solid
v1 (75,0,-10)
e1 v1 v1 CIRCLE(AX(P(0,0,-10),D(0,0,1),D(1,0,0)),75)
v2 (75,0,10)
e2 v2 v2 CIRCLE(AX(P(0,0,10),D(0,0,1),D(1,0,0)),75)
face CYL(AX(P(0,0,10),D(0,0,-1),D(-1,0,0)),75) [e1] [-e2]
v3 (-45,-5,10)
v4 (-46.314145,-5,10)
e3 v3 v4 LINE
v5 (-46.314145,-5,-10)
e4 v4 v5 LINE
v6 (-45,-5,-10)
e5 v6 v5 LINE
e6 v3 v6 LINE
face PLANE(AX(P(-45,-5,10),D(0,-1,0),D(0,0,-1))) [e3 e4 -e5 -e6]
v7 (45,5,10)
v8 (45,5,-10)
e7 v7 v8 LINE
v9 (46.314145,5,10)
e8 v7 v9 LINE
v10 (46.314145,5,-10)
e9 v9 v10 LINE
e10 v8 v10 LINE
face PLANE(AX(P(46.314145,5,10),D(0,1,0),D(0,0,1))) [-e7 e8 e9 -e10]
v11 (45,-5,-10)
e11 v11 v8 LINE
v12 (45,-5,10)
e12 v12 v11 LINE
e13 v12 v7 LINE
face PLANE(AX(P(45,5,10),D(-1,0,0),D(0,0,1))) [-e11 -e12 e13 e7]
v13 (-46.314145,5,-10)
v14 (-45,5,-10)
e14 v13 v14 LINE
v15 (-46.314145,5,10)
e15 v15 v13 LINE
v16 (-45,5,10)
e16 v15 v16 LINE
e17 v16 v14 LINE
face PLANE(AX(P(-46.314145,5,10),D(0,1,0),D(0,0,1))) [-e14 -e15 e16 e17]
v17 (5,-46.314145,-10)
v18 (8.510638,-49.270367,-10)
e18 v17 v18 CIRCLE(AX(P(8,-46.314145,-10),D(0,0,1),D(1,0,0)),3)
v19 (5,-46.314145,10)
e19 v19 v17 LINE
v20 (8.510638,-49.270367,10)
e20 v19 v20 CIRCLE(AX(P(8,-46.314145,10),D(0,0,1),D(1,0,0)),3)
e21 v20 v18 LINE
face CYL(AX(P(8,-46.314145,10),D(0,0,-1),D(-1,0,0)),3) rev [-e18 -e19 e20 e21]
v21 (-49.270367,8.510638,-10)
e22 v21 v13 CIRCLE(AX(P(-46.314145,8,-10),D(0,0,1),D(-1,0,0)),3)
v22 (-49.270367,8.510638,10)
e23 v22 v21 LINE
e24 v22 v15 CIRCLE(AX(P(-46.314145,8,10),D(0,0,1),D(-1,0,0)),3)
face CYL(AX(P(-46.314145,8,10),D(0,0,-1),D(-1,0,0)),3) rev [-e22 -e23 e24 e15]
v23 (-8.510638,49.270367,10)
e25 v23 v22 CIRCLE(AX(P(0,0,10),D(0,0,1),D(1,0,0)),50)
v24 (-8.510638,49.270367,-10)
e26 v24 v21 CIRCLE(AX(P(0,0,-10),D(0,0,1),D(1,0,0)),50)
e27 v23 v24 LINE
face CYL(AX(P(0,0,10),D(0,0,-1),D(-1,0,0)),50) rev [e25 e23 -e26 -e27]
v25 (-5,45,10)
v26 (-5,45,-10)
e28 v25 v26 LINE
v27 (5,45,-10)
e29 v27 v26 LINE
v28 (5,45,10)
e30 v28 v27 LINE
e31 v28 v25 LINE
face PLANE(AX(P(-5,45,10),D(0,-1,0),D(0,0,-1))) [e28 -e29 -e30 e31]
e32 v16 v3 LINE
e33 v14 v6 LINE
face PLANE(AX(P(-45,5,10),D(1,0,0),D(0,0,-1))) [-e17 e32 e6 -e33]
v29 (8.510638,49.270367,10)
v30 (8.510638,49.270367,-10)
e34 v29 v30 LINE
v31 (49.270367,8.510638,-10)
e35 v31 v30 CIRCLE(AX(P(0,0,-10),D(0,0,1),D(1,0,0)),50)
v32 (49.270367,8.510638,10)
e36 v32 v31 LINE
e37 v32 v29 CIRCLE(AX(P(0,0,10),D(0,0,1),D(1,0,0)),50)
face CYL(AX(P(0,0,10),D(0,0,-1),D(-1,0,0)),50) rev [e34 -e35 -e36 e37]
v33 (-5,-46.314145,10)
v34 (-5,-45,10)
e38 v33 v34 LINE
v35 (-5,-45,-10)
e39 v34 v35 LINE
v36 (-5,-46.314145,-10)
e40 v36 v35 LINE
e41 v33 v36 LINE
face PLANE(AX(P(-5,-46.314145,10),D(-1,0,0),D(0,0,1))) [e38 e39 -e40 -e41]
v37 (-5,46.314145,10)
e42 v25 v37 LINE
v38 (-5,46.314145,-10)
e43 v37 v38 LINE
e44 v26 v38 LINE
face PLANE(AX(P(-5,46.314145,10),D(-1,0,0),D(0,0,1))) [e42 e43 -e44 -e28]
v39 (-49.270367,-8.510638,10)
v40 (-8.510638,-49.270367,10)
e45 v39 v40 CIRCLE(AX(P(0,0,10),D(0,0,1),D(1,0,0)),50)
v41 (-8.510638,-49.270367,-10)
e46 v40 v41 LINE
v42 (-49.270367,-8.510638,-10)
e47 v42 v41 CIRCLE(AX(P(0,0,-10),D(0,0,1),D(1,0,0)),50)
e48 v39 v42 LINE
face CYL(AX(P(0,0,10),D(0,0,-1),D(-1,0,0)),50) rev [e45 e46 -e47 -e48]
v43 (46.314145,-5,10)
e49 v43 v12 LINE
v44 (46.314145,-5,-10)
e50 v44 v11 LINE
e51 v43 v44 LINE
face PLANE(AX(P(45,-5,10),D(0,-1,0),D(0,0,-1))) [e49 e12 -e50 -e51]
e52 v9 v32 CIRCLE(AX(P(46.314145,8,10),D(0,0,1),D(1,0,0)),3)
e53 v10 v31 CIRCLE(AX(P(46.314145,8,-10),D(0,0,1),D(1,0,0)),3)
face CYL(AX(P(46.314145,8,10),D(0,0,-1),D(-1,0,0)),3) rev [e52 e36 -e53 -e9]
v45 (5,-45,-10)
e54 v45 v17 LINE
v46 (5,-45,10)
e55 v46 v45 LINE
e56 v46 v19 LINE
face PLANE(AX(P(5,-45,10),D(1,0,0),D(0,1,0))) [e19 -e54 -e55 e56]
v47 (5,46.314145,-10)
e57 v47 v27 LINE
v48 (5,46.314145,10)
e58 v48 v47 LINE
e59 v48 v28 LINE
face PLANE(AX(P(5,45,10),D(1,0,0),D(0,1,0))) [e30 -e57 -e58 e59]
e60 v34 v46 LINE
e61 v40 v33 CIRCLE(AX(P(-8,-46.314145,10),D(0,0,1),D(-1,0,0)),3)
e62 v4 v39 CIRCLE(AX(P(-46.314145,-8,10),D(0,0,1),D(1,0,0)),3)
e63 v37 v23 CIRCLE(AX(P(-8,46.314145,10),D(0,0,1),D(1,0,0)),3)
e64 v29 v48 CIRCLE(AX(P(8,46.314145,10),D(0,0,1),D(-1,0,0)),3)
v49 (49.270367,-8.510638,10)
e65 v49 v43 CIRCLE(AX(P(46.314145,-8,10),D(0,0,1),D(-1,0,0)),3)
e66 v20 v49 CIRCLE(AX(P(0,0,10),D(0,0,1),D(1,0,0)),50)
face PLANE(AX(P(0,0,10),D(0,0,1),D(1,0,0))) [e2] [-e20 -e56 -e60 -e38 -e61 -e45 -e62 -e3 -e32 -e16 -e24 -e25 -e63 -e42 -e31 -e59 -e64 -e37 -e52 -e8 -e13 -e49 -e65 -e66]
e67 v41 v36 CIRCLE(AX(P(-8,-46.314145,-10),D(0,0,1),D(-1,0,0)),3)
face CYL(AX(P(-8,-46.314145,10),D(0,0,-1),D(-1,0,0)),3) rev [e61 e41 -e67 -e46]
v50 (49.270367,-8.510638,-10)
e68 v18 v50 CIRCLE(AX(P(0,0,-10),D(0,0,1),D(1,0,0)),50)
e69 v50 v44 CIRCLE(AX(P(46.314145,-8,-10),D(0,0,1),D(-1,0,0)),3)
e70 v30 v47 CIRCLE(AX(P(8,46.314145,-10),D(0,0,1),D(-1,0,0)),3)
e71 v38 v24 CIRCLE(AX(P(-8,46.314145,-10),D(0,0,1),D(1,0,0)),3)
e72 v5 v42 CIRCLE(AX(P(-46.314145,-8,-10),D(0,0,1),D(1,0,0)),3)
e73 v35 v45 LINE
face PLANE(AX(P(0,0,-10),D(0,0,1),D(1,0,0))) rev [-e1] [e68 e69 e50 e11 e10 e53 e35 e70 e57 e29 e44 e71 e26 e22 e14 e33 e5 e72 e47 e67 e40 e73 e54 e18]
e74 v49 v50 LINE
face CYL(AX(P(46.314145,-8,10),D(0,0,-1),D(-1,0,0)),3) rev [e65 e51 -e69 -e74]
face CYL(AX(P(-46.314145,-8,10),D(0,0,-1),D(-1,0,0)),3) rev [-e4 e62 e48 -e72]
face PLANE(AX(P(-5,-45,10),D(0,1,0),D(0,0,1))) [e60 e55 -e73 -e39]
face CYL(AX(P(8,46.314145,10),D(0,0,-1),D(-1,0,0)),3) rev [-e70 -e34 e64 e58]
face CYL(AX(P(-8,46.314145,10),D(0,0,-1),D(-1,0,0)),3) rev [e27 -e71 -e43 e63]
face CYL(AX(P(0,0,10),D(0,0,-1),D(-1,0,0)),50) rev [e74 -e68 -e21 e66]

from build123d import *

# Parameters (mm, degrees)
SKETCH1_R           = 75
BOSS_EXTRUDE1_DEPTH = 10


with BuildPart() as part:
    # Sketch1 → Boss-Extrude1 (new, symmetric)
    with BuildSketch(Plane.XY):
        Circle(SKETCH1_R)
        with BuildLine():
            Line((-5, 46.314144708), (-5, 45))
            Line((-5, 45), (5, 45))
            Line((5, 45), (5, 46.314144708))
            ThreePointArc((5, 46.314144708), (6.067632914, 48.608912113), (8.510638298, 49.27036671))
            ThreePointArc((8.510638298, 49.27036671), (35.355339059, 35.355339059), (49.27036671, 8.510638298))
            ThreePointArc((49.27036671, 8.510638298), (48.608912113, 6.067632914), (46.314144708, 5))
            Line((46.314144708, 5), (45, 5))
            Line((45, 5), (45, -5))
            Line((45, -5), (46.314144708, -5))
            ThreePointArc((46.314144708, -5), (48.608912113, -6.067632914), (49.27036671, -8.510638298))
            ThreePointArc((49.27036671, -8.510638298), (35.355339059, -35.355339059), (8.510638298, -49.27036671))
            ThreePointArc((8.510638298, -49.27036671), (6.067632914, -48.608912113), (5, -46.314144708))
            Line((5, -46.314144708), (5, -45))
            Line((5, -45), (-5, -45))
            Line((-5, -45), (-5, -46.314144708))
            ThreePointArc((-5, -46.314144708), (-6.067632914, -48.608912113), (-8.510638298, -49.27036671))
            ThreePointArc((-8.510638298, -49.27036671), (-35.355339059, -35.355339059), (-49.27036671, -8.510638298))
            ThreePointArc((-49.27036671, -8.510638298), (-48.608912113, -6.067632914), (-46.314144708, -5))
            Line((-46.314144708, -5), (-45, -5))
            Line((-45, -5), (-45, 5))
            Line((-45, 5), (-46.314144708, 5))
            ThreePointArc((-46.314144708, 5), (-48.608912113, 6.067632914), (-49.27036671, 8.510638298))
            ThreePointArc((-49.27036671, 8.510638298), (-35.355339059, 35.355339059), (-8.510638298, 49.27036671))
            ThreePointArc((-8.510638298, 49.27036671), (-6.067632914, 48.608912113), (-5, 46.314144708))
        make_face(mode=Mode.SUBTRACT)
    extrude(amount=BOSS_EXTRUDE1_DEPTH, both=True)


solid = part.part
